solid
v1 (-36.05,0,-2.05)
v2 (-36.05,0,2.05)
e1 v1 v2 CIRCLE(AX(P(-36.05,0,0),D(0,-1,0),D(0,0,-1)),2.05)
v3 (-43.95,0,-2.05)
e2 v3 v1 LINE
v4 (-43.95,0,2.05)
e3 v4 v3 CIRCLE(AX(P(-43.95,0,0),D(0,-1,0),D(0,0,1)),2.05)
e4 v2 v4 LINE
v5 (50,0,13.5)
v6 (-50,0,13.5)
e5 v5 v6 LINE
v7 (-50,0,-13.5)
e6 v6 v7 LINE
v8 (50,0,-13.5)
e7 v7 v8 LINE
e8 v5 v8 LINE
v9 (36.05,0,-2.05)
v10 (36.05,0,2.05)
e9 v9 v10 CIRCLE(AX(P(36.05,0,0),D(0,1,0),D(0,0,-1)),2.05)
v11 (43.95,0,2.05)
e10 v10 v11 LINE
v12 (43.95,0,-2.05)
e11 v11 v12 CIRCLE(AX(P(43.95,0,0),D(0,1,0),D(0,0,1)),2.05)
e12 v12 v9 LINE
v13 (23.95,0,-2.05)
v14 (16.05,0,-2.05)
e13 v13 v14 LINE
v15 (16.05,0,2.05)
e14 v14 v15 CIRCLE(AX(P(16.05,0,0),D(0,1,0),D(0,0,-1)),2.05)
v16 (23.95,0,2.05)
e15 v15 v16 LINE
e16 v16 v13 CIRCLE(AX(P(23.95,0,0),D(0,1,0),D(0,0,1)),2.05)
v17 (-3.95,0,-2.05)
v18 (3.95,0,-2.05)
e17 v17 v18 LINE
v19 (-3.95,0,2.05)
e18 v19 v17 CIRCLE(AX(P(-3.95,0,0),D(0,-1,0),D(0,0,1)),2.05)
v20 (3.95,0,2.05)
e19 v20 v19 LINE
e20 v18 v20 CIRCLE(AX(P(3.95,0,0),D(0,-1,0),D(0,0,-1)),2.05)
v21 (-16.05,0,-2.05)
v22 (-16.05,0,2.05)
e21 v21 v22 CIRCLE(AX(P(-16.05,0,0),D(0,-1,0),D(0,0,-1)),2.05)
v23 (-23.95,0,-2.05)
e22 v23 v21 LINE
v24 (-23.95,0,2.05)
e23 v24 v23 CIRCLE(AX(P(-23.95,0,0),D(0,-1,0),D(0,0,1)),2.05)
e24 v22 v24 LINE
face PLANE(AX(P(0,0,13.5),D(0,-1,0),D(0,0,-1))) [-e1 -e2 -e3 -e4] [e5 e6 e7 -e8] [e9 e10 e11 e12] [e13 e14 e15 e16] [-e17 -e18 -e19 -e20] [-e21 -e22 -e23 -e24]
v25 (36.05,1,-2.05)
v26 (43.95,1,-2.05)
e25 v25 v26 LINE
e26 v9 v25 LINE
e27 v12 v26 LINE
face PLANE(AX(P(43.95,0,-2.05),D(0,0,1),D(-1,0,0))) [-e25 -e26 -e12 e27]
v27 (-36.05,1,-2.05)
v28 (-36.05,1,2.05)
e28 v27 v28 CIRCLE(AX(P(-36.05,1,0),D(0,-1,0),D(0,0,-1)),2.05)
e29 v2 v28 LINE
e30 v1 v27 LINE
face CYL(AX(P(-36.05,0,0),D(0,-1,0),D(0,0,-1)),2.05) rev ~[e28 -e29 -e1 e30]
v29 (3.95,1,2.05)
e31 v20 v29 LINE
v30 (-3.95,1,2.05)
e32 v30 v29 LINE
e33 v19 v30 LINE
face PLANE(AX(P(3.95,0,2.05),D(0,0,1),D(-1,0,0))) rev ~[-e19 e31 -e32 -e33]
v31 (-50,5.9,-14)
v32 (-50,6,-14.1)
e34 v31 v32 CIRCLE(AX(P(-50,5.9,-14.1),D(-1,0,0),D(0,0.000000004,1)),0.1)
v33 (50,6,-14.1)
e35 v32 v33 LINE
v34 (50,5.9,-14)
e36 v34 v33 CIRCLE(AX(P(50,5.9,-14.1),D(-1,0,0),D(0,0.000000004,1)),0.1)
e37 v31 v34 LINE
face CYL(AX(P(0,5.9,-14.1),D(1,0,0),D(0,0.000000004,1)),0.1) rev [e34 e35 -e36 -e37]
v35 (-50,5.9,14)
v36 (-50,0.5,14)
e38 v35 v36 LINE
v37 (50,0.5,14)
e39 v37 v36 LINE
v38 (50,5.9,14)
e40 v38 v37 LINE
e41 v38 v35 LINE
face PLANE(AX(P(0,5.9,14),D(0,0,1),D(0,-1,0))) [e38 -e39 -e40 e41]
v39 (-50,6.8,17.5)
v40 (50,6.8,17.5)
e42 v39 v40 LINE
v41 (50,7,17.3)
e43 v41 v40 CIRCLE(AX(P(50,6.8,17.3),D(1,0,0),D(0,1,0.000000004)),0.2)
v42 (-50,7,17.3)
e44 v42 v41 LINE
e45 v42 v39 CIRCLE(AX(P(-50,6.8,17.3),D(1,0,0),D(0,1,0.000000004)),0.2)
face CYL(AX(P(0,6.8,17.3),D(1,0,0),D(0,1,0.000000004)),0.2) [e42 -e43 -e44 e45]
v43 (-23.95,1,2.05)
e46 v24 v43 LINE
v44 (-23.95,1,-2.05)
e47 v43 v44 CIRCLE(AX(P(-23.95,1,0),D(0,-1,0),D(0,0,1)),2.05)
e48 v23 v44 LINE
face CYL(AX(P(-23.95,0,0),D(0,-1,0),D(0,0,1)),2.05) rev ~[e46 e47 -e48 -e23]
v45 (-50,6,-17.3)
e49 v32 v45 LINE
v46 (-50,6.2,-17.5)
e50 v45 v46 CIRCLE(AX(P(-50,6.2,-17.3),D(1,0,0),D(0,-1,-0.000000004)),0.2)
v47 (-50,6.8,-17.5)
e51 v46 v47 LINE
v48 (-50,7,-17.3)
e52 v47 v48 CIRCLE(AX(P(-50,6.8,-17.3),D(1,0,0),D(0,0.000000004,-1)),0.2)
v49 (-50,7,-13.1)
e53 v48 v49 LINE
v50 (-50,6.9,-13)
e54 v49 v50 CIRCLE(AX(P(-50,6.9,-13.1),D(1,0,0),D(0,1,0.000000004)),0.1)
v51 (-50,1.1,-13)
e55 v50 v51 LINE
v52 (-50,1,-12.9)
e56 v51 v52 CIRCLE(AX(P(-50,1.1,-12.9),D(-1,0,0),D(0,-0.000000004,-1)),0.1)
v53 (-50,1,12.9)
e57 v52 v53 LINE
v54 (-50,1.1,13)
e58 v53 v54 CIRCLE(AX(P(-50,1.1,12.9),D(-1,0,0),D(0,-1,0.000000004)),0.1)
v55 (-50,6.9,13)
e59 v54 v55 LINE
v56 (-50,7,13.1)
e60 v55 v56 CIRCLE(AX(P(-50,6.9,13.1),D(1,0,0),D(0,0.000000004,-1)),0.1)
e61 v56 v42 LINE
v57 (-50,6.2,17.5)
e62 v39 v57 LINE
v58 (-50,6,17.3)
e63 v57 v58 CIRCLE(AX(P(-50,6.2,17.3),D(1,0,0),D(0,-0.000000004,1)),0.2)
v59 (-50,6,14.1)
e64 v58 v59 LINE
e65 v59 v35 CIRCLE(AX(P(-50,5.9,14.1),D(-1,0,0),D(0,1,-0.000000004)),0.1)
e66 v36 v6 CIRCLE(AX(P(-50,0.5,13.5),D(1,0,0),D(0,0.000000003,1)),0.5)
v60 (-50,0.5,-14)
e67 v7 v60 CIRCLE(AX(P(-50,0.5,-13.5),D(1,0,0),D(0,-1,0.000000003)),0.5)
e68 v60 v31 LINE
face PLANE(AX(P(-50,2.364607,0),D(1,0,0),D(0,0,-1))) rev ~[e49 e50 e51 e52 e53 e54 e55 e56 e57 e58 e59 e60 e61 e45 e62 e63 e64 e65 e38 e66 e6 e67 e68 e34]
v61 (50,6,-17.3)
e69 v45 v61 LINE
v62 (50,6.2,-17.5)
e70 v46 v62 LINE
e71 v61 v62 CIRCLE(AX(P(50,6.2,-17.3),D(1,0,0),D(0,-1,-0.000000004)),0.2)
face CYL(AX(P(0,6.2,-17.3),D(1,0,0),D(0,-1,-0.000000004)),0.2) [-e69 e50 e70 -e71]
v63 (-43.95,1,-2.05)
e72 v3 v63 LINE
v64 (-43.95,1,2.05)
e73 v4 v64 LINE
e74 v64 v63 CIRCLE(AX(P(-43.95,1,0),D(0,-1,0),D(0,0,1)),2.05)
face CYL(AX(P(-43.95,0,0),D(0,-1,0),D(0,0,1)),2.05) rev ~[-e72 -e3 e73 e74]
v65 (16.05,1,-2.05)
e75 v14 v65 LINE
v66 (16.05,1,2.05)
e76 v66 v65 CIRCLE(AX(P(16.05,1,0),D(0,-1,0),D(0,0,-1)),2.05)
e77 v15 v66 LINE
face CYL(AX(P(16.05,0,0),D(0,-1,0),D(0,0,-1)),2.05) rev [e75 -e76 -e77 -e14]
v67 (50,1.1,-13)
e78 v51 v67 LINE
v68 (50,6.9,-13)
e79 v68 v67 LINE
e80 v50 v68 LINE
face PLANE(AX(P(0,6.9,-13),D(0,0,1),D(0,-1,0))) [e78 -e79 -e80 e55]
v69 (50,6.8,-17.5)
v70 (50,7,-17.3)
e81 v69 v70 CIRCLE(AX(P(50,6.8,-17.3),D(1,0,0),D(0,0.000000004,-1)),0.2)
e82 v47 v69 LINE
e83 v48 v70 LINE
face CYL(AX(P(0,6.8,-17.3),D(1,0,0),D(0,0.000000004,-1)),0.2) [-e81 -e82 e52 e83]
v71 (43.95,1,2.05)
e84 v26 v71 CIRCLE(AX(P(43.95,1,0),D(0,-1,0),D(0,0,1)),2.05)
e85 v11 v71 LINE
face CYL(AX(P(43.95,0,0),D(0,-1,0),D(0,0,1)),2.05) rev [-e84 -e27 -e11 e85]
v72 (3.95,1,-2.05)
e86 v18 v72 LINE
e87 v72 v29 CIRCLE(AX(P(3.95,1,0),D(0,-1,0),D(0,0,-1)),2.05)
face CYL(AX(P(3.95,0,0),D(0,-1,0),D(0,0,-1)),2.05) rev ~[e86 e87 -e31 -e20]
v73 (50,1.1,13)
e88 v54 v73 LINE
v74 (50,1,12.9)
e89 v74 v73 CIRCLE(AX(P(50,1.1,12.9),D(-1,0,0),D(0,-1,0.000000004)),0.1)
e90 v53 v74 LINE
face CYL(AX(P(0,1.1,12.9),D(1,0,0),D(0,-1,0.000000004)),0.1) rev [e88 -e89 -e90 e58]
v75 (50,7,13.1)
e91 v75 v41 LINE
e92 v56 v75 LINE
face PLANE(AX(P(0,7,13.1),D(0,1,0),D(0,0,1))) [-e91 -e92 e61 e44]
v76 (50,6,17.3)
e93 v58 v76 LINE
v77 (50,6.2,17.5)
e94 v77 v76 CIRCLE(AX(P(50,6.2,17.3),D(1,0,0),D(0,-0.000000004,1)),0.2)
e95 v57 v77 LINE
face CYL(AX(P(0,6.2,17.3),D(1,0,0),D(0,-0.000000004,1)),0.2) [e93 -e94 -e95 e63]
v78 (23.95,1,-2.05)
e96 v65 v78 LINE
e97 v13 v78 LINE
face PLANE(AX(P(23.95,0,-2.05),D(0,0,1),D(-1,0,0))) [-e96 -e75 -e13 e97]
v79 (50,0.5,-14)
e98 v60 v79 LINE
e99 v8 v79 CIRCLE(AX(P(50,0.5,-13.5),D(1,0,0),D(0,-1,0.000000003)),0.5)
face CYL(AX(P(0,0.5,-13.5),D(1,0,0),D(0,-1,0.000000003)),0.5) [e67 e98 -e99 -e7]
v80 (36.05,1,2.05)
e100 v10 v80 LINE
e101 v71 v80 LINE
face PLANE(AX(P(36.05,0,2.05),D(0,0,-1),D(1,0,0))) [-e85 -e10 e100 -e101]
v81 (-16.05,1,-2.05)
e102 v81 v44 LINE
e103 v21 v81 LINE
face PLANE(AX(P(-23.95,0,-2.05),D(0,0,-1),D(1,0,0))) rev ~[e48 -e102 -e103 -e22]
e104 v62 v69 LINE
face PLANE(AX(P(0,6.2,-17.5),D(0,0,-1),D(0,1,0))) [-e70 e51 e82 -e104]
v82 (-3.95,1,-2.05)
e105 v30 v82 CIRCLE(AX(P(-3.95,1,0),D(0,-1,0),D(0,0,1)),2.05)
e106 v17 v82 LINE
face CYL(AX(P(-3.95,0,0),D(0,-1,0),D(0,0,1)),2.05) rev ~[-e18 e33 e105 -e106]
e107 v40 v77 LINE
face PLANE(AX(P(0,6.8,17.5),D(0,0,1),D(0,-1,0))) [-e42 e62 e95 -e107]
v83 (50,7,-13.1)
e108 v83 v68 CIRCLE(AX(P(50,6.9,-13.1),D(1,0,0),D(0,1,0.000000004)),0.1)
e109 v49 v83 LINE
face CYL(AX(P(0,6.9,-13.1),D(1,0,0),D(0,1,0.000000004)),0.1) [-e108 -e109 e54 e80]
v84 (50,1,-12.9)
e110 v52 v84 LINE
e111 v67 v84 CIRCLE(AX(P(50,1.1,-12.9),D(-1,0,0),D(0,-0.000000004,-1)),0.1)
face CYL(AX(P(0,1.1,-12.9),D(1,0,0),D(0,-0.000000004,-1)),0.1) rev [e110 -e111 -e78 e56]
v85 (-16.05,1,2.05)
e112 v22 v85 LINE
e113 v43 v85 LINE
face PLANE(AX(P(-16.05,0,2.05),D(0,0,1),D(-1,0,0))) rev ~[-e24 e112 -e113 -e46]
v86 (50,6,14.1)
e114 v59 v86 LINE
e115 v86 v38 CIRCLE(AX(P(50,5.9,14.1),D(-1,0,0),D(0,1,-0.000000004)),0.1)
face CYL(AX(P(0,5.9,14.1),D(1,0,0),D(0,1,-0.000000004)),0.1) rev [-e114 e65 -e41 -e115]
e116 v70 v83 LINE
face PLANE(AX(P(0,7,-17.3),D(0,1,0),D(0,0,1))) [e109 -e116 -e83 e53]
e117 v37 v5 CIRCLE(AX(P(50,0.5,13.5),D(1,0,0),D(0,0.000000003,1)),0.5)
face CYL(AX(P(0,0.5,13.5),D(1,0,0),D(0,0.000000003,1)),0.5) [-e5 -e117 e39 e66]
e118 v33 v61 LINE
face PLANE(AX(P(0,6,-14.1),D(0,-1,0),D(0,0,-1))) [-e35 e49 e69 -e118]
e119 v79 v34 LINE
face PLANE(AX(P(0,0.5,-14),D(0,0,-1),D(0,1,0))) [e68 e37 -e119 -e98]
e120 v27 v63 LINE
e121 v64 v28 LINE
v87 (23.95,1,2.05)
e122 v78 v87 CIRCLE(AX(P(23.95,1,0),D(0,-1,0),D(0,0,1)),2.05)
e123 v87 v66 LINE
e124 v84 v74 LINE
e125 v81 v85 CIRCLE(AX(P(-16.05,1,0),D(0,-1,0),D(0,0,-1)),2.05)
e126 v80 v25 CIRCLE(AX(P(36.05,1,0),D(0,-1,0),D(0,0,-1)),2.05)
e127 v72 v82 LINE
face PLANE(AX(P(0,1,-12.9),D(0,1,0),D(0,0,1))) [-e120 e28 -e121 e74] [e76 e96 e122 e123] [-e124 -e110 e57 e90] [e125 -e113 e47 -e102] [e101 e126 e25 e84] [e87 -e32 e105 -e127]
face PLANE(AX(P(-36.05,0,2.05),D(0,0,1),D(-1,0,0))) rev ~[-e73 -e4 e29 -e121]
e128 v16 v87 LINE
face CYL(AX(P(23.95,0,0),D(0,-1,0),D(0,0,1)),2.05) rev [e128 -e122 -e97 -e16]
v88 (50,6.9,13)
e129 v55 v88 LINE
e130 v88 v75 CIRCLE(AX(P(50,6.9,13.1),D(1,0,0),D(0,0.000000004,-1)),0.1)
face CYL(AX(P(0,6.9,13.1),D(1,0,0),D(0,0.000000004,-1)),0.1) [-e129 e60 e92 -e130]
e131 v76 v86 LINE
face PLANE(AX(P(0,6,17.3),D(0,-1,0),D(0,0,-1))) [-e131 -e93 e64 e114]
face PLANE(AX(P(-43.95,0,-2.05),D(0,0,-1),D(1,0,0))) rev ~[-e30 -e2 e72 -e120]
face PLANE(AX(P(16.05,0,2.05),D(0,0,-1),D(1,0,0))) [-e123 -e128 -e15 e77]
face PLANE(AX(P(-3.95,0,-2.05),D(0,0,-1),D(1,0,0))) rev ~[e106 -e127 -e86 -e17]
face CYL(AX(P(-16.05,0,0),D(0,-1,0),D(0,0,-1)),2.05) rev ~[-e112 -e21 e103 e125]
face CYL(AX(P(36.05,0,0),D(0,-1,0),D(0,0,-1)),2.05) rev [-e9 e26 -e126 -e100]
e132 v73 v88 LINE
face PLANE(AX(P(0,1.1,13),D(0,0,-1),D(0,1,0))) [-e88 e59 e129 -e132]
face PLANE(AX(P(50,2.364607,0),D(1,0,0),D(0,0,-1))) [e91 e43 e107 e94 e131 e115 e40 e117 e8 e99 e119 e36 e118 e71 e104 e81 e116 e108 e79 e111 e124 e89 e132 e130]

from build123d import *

# Parameters (mm, degrees)
PROFILE_DEPTH       = 50
SLOT_DEPTH          = 54.434539392
SLOTLP_COUNT        = 3
SLOTLP_PITCH        = 20
SLOTHP_COPY_1_DEPTH = 54.434539392
SLOTHP_COPY_2_DEPTH = 54.434539392
SLOTHP_COPY_3_DEPTH = 54.434539392


with BuildPart() as part:
    # ProfileS → Profile (new, symmetric)
    with BuildSketch(Plane(origin=(0, 0, 0), x_dir=(0, 0, -1), z_dir=(1, 0, 0))):
        with BuildLine():
            Line((-13.5, 0), (13.5, 0))
            ThreePointArc((13.5, 0), (13.853553391, 0.146446609), (14, 0.5))
            Line((14, 0.5), (14, 5.9))
            ThreePointArc((14, 5.9), (14.029289322, 5.970710678), (14.1, 6))
            Line((14.1, 6), (17.3, 6))
            ThreePointArc((17.3, 6), (17.441421356, 6.058578644), (17.5, 6.2))
            Line((17.5, 6.2), (17.5, 6.8))
            ThreePointArc((17.5, 6.8), (17.441421356, 6.941421356), (17.3, 7))
            Line((17.3, 7), (13.1, 7))
            ThreePointArc((13.1, 7), (13.029289322, 6.970710678), (13, 6.9))
            Line((13, 6.9), (13, 1.1))
            ThreePointArc((13, 1.1), (12.970710678, 1.029289322), (12.9, 1))
            Line((12.9, 1), (-12.9, 1))
            ThreePointArc((-12.9, 1), (-12.970710678, 1.029289322), (-13, 1.1))
            Line((-13, 1.1), (-13, 6.9))
            ThreePointArc((-13, 6.9), (-13.029289322, 6.970710678), (-13.1, 7))
            Line((-13.1, 7), (-17.3, 7))
            ThreePointArc((-17.3, 7), (-17.441421356, 6.941421356), (-17.5, 6.8))
            Line((-17.5, 6.8), (-17.5, 6.2))
            ThreePointArc((-17.5, 6.2), (-17.441421356, 6.058578644), (-17.3, 6))
            Line((-17.3, 6), (-14.1, 6))
            ThreePointArc((-14.1, 6), (-14.029289322, 5.970710678), (-14, 5.9))
            Line((-14, 5.9), (-14, 0.5))
            ThreePointArc((-14, 0.5), (-13.853553391, 0.146446609), (-13.5, 0))
        make_face()
    extrude(amount=PROFILE_DEPTH, both=True)

    # SlotS → Slot (cut, through all)
    with BuildSketch(Plane(origin=(0, 0, 0), x_dir=(1, 0, 0), z_dir=(0, 1, 0))):
        with BuildLine():
            Line((-3.95, 2.05), (3.95, 2.05))
            ThreePointArc((3.95, 2.05), (6, 0), (3.95, -2.05))
            Line((3.95, -2.05), (-3.95, -2.05))
            ThreePointArc((-3.95, -2.05), (-6, 0), (-3.95, 2.05))
        make_face()
    slot = extrude(amount=SLOT_DEPTH, mode=Mode.SUBTRACT)

    # SlotLP: Slot ×3
    with Locations(*[(-i * SLOTLP_PITCH, 0, 0) for i in range(1, SLOTLP_COUNT)]):
        add(slot, mode=Mode.SUBTRACT)

    # SlotHP copy 1 sketch → SlotHP copy 1 (cut, through all)
    with BuildSketch(Plane(origin=(20, 0, 0), x_dir=(-1, 0, 0), z_dir=(0, 1, 0))):
        with BuildLine():
            Line((-3.95, -2.05), (3.95, -2.05))
            ThreePointArc((3.95, -2.05), (6, 0), (3.95, 2.05))
            Line((3.95, 2.05), (-3.95, 2.05))
            ThreePointArc((-3.95, 2.05), (-6, 0), (-3.95, -2.05))
        make_face()
    extrude(amount=SLOTHP_COPY_1_DEPTH, mode=Mode.SUBTRACT)

    # SlotHP copy 2 sketch → SlotHP copy 2 (cut, through all)
    with BuildSketch(Plane(origin=(40, 0, 0), x_dir=(-1, 0, 0), z_dir=(0, 1, 0))):
        with BuildLine():
            Line((-3.95, -2.05), (3.95, -2.05))
            ThreePointArc((3.95, -2.05), (6, 0), (3.95, 2.05))
            Line((3.95, 2.05), (-3.95, 2.05))
            ThreePointArc((-3.95, 2.05), (-6, 0), (-3.95, -2.05))
        make_face()
    extrude(amount=SLOTHP_COPY_2_DEPTH, mode=Mode.SUBTRACT)

    # SlotHP copy 3 sketch → SlotHP copy 3 (cut, through all)
    with BuildSketch(Plane(origin=(0, 0, 0), x_dir=(-1, 0, 0), z_dir=(0, 1, 0))):
        with BuildLine():
            Line((-3.95, -2.05), (3.95, -2.05))
            ThreePointArc((3.95, -2.05), (6, 0), (3.95, 2.05))
            Line((3.95, 2.05), (-3.95, 2.05))
            ThreePointArc((-3.95, 2.05), (-6, 0), (-3.95, -2.05))
        make_face()
    extrude(amount=SLOTHP_COPY_3_DEPTH, mode=Mode.SUBTRACT)


solid = part.part
